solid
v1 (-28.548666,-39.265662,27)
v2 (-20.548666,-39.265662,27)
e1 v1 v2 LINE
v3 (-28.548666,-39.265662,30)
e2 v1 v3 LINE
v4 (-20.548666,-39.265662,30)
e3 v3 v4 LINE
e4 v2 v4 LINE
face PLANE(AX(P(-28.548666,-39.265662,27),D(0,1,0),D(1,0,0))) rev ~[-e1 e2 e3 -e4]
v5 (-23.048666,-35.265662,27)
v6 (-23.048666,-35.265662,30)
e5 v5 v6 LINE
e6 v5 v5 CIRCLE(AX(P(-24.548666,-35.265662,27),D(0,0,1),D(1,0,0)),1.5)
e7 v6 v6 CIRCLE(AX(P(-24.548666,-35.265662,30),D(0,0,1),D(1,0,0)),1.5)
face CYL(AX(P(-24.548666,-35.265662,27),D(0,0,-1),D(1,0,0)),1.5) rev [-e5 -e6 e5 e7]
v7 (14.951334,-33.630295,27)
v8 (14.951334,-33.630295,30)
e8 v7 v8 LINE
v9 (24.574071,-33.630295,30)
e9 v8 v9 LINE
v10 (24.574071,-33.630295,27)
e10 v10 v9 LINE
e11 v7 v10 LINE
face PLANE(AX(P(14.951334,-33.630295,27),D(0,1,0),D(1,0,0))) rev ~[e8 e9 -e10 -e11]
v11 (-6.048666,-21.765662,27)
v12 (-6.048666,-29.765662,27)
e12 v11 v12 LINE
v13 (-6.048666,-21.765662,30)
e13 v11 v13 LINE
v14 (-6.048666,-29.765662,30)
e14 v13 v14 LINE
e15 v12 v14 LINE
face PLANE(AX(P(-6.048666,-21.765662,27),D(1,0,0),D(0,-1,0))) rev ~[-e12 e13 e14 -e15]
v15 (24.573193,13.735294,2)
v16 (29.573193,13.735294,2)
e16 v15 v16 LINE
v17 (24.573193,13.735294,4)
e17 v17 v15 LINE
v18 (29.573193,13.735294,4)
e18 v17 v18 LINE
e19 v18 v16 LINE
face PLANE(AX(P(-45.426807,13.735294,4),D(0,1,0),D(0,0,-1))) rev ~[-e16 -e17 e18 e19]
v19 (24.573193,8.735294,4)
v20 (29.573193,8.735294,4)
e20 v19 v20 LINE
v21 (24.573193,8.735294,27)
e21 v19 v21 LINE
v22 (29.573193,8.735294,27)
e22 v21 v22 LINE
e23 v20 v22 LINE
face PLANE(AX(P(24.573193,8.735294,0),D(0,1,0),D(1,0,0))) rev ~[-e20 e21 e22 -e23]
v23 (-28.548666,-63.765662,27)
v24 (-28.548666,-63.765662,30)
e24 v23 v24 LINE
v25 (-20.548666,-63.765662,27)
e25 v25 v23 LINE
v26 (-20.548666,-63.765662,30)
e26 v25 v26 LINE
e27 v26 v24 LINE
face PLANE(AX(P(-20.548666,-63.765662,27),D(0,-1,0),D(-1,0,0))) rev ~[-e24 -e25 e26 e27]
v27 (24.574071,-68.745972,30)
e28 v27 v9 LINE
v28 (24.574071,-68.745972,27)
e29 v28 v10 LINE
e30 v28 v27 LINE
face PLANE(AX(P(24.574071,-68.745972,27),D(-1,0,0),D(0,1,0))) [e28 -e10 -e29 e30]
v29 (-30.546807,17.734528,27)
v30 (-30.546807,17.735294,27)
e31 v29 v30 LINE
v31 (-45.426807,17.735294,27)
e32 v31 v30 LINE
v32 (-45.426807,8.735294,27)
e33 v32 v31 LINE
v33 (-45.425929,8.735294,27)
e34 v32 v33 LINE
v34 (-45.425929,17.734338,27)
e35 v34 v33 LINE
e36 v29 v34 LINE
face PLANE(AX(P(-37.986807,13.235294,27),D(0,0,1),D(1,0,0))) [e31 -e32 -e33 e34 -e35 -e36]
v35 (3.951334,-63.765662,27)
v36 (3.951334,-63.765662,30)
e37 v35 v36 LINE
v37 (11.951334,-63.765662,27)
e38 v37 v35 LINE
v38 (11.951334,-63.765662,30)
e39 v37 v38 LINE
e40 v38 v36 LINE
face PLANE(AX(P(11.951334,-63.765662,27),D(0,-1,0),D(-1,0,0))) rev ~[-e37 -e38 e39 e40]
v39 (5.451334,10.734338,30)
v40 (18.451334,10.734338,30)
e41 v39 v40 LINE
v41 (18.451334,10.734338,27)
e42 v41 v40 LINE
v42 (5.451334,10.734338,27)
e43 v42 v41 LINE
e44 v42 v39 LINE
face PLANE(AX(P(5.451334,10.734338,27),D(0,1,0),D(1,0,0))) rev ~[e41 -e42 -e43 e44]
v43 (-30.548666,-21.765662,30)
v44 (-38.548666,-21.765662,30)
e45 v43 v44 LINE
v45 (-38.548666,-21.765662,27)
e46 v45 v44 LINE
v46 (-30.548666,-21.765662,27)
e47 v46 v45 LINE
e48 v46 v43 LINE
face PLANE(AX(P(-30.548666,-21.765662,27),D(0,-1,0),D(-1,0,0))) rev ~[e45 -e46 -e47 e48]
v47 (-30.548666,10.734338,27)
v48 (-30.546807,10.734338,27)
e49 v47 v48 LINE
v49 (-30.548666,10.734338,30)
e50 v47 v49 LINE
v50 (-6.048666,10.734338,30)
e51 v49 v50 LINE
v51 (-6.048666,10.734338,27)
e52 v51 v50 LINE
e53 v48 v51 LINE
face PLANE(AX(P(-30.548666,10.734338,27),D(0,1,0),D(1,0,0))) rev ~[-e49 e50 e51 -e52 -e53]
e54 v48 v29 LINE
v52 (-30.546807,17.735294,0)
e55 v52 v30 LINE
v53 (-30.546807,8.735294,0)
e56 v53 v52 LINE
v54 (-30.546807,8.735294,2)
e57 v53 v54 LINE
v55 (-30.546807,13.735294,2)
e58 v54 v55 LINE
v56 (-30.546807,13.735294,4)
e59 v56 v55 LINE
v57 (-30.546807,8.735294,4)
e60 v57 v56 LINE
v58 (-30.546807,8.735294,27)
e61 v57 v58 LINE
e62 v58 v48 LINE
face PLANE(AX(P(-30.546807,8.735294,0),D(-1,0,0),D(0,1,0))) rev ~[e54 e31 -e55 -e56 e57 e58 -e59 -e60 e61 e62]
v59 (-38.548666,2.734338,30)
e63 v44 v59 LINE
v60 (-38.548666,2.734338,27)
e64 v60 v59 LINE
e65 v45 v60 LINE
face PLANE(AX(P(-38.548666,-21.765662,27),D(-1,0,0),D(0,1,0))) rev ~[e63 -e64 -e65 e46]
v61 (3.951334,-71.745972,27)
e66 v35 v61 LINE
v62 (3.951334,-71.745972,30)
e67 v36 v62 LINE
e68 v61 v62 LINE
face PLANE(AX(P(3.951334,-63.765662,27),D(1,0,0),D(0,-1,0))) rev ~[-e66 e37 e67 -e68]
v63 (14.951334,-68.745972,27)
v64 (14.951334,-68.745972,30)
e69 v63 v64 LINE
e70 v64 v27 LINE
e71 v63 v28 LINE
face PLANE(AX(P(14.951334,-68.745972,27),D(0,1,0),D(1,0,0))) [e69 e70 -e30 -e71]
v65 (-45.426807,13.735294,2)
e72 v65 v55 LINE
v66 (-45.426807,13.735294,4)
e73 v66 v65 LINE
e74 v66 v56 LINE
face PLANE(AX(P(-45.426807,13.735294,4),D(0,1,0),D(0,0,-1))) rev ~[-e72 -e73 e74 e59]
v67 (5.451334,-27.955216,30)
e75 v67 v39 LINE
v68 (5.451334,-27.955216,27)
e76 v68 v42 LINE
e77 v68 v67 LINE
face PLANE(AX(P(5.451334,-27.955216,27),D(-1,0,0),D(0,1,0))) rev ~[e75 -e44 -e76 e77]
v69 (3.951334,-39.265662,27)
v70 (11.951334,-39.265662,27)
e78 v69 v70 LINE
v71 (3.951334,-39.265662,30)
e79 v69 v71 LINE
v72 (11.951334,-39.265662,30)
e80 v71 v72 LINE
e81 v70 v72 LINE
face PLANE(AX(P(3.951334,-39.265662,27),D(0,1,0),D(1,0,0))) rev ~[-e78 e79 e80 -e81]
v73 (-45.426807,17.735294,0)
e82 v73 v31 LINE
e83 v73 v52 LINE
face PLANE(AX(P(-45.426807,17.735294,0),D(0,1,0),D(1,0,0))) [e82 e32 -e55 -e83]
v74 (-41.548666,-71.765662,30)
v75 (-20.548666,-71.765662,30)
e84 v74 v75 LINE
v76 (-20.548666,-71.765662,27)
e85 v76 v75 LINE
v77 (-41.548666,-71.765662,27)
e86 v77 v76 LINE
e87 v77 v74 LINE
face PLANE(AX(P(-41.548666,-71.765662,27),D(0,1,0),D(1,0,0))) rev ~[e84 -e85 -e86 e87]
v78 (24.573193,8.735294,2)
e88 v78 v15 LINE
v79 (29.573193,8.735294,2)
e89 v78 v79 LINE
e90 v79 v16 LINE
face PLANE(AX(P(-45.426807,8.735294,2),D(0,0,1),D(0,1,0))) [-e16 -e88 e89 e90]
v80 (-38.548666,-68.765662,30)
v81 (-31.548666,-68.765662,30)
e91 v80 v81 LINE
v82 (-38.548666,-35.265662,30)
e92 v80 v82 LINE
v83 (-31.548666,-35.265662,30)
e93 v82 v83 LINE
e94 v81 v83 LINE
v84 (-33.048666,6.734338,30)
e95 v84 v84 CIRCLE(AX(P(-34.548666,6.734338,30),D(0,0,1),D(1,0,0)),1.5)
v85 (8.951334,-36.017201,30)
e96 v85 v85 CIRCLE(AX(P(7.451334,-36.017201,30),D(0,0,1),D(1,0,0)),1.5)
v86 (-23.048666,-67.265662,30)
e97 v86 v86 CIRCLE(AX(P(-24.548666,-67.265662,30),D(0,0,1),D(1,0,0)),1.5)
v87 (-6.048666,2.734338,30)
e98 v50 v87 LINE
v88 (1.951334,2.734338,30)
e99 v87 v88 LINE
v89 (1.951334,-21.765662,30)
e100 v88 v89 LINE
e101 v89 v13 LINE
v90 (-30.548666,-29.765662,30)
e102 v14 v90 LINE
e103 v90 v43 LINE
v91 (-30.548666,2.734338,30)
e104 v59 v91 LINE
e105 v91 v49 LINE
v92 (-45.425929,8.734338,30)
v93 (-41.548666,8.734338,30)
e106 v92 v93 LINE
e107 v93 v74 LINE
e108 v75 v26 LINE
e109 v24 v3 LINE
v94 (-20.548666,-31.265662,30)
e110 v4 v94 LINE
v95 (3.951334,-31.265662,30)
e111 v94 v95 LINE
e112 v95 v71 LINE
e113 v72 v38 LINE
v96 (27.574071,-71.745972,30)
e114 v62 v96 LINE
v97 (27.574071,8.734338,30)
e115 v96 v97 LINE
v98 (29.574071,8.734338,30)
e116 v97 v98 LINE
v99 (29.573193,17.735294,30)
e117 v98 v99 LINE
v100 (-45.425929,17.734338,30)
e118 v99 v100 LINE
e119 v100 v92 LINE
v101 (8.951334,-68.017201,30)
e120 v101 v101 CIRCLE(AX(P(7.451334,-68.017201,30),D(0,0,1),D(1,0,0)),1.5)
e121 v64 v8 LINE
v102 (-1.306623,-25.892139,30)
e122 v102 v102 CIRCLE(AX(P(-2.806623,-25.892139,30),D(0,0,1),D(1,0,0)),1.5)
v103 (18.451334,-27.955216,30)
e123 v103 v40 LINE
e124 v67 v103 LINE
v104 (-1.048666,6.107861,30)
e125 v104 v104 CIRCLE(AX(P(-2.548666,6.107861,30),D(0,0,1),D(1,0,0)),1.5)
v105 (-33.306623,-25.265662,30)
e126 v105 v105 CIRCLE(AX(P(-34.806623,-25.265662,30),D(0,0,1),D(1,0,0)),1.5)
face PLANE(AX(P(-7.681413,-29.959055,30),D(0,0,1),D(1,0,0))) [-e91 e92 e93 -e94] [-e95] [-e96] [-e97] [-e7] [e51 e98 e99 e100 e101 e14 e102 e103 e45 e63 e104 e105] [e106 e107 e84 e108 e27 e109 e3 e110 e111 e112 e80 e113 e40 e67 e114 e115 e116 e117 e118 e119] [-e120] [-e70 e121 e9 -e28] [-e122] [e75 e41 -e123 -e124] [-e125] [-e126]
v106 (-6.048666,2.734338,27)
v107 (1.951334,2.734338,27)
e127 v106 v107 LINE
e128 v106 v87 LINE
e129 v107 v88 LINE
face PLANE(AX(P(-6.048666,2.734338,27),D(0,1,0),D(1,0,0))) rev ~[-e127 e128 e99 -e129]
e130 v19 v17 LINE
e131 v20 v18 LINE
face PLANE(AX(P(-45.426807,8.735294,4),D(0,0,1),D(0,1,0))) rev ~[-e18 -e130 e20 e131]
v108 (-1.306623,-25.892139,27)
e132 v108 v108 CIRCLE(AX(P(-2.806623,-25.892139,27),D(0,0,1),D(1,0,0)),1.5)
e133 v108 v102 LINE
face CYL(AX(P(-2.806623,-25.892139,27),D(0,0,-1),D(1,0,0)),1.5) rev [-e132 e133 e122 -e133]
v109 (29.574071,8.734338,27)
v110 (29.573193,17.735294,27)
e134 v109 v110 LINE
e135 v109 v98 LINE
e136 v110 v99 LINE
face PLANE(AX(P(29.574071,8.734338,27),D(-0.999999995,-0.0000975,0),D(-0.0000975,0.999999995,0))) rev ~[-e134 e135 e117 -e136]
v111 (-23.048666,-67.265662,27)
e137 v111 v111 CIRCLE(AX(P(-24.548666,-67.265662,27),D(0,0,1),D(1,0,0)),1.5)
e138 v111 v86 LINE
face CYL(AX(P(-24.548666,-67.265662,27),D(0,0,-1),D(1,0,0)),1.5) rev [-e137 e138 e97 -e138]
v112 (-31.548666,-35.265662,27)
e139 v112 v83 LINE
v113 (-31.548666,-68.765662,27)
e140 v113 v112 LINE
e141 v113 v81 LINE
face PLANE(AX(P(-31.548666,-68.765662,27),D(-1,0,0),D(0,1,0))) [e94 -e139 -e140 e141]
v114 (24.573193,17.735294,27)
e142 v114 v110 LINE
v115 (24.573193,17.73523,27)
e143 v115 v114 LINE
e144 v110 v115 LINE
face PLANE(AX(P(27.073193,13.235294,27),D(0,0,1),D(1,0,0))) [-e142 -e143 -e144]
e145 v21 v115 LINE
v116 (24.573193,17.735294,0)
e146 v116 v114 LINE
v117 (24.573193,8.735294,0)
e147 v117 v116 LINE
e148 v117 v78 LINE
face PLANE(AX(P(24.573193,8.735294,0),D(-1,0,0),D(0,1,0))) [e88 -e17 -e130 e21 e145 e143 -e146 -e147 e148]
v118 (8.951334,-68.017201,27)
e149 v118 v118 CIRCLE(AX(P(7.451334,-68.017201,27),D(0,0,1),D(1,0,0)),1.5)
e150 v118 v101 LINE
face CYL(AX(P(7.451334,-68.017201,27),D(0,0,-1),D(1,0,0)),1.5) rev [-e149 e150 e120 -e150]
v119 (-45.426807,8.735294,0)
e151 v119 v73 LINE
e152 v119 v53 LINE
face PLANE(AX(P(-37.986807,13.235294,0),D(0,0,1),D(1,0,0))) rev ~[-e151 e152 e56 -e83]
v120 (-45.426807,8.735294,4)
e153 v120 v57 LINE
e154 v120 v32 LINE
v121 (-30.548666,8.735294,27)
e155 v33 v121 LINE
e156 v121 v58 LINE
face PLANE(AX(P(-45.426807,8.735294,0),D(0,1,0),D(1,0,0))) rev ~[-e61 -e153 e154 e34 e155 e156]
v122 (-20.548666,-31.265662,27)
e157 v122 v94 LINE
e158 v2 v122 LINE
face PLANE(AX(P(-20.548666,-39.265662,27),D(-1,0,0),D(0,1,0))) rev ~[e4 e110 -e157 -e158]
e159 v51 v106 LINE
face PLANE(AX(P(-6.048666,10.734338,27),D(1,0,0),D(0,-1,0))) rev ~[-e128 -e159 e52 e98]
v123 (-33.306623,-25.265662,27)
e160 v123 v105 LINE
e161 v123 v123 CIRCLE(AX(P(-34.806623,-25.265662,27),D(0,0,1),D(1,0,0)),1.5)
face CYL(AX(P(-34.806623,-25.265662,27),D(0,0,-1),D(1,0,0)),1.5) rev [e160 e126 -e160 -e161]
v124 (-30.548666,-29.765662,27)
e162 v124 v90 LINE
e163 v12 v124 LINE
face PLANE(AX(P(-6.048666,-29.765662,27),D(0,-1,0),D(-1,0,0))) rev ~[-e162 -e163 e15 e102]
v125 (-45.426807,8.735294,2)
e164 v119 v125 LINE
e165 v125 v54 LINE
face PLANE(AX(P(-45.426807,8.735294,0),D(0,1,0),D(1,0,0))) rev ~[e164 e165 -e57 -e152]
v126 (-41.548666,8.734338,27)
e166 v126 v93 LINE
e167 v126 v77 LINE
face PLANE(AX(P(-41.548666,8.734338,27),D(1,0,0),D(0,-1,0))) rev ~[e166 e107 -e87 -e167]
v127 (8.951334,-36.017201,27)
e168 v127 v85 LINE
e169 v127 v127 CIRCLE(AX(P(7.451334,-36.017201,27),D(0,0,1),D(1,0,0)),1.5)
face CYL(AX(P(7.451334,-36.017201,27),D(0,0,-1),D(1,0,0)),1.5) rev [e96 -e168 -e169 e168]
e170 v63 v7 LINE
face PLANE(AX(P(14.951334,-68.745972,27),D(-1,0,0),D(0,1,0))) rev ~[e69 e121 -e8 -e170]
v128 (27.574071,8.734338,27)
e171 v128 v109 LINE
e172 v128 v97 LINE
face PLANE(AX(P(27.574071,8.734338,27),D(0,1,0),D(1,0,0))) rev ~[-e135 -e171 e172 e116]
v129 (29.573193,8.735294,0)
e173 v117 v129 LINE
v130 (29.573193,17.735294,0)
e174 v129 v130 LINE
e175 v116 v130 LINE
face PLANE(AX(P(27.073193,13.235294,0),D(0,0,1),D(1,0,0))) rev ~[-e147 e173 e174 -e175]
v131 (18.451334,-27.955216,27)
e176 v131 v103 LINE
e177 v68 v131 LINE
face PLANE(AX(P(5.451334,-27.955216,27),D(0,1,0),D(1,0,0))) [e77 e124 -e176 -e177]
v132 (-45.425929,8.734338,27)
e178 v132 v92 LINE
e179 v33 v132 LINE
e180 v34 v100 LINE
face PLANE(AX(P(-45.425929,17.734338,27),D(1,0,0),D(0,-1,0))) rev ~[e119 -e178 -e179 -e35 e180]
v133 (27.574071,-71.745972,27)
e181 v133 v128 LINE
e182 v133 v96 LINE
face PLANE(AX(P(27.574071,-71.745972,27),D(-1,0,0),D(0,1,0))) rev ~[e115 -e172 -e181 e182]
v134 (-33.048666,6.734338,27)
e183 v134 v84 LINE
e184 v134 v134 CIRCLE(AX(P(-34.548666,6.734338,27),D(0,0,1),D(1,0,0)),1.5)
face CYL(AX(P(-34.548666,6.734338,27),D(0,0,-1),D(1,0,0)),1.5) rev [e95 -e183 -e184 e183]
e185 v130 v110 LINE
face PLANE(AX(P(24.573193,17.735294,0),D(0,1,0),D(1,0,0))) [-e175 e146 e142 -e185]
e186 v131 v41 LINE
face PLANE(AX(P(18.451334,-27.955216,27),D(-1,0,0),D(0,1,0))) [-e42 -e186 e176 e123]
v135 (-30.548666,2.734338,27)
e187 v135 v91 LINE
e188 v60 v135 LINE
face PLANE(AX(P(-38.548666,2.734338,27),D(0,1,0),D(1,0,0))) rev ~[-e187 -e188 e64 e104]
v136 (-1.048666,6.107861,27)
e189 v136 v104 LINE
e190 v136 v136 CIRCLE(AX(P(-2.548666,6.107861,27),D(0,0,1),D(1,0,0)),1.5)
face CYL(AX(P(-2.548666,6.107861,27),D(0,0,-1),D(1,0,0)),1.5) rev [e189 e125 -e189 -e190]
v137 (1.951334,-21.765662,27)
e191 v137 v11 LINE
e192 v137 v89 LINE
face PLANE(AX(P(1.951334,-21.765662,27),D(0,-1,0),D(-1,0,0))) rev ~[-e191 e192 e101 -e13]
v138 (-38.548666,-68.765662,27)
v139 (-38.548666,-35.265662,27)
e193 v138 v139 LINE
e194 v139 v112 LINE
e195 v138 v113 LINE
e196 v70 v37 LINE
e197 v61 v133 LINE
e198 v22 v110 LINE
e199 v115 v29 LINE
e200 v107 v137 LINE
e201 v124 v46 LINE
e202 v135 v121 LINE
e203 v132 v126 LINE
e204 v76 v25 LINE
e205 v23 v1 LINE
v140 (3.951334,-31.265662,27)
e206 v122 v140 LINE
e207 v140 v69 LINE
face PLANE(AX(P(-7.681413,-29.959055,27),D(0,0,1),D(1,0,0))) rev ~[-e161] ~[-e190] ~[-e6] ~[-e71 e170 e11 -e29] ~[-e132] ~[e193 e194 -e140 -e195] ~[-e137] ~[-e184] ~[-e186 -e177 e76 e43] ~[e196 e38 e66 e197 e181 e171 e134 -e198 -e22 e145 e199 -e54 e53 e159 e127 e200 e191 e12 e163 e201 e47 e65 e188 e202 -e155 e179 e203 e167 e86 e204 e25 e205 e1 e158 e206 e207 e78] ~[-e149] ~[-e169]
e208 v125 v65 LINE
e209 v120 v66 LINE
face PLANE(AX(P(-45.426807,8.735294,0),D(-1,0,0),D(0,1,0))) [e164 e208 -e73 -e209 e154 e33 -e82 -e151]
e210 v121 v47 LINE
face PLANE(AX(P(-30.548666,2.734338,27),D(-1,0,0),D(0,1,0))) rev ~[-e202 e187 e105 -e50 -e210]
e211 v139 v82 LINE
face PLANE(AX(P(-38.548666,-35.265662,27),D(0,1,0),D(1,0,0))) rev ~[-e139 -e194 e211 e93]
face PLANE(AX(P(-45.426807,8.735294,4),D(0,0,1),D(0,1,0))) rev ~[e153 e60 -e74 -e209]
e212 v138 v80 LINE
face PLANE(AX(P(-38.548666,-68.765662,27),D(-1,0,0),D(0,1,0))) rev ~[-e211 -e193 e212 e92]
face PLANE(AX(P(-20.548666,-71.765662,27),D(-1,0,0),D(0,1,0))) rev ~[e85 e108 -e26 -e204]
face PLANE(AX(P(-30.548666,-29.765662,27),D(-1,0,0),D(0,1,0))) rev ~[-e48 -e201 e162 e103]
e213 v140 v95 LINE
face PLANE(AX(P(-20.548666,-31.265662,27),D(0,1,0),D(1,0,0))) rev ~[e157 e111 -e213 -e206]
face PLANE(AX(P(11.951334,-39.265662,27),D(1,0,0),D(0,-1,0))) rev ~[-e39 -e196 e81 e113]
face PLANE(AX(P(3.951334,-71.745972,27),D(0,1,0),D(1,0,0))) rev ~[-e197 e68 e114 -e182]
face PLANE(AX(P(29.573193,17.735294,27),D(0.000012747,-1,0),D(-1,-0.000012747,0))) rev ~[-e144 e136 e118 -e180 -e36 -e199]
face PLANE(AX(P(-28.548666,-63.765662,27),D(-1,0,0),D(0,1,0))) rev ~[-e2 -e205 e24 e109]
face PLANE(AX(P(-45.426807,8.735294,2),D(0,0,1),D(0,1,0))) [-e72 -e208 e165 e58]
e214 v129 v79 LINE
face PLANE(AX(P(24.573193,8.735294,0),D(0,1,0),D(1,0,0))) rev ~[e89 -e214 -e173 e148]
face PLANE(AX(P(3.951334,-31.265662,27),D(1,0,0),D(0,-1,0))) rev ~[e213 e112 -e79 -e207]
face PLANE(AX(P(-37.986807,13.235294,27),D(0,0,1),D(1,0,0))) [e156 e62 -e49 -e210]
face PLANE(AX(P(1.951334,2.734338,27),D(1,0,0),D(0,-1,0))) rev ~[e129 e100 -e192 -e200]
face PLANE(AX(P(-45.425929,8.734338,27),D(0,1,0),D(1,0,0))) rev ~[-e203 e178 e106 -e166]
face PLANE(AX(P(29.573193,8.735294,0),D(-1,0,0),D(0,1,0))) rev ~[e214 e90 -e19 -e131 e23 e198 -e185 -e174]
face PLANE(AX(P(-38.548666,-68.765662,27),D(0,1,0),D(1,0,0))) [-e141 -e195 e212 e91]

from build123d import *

# Parameters (mm, degrees)
CROQUIS1_W                = 5
CROQUIS1_H                = 9
SALIENTE_EXTRUIR1_DEPTH   = 27
CROQUIS1_W_2              = 14.88
SALIENTE_EXTRUIR1_2_DEPTH = 27
CROQUIS2_R                = 1.5
CROQUIS2_W                = 9.622736673
CROQUIS2_H                = 35.115677267
CROQUIS2_W_2              = 7
CROQUIS2_H_2              = 33.5
CROQUIS2_W_3              = 13
CROQUIS2_H_3              = 38.689553843
SALIENTE_EXTRUIR2_DEPTH   = 3
CORTAR_EXTRUIR1_START     = -75
CROQUIS3_W                = 2
CROQUIS3_H                = 5
CORTAR_EXTRUIR1_DEPTH     = 75


with BuildPart() as part:
    # Croquis1 → Saliente-Extruir1 (new body)
    with BuildSketch(Plane.XY):
        with Locations((27.073193316, 13.235294118)):
            Rectangle(CROQUIS1_W, CROQUIS1_H)
    extrude(amount=SALIENTE_EXTRUIR1_DEPTH)



with BuildPart() as body_2:
    # Croquis1 → Saliente-Extruir1 2 (new body)
    with BuildSketch(Plane.XY):
        with Locations((-37.986806684, 13.235294118)):
            Rectangle(CROQUIS1_W_2, CROQUIS1_H)
    extrude(amount=SALIENTE_EXTRUIR1_2_DEPTH)


with BuildPart() as part_1:
    add(part.part)

    add(body_2.part)  # Saliente-Extruir2 merges body 2
    # Croquis2 → Saliente-Extruir2 (add)
    with BuildSketch(Plane.XY.offset(27)):
        Polygon((-45.425929091, 8.73433808), (-41.548665764, 8.73433808), (-41.548665764, -71.76566192), (-28.548665764, -71.76566192), (-20.548665764, -71.76566192), (-20.548665764, -63.76566192), (-28.548665764, -63.76566192), (-28.548665764, -39.26566192), (-20.548665764, -39.26566192), (-20.548665764, -31.26566192), (3.951334236, -31.26566192), (3.951334236, -39.26566192), (11.951334236, -39.26566192), (11.951334236, -63.76566192), (3.951334236, -63.76566192), (3.951334236, -71.745971947), (15.951334236, -71.745971947), (27.574070909, -71.745971947), (27.574070909, 8.73433808), (29.574070909, 8.73433808), (29.573193316, 17.735294118), (-45.425929091, 17.73433808), align=None)
        with Locations((-24.548665764, -35.26566192)):
            Circle(CROQUIS2_R, mode=Mode.SUBTRACT)
        with Locations((7.451334236, -36.017200949)):
            Circle(CROQUIS2_R, mode=Mode.SUBTRACT)
        with Locations((-24.548665764, -67.26566192)):
            Circle(CROQUIS2_R, mode=Mode.SUBTRACT)
        with Locations((7.451334236, -68.017200949)):
            Circle(CROQUIS2_R, mode=Mode.SUBTRACT)
        with Locations((-34.548665764, 6.73433808)):
            Circle(CROQUIS2_R, mode=Mode.SUBTRACT)
        with Locations((-34.806623414, -25.26566192)):
            Circle(CROQUIS2_R, mode=Mode.SUBTRACT)
        with Locations((-2.806623414, -25.892139455)):
            Circle(CROQUIS2_R, mode=Mode.SUBTRACT)
        with Locations((-2.548665764, 6.107860545)):
            Circle(CROQUIS2_R, mode=Mode.SUBTRACT)
        Polygon((-30.548665764, -29.76566192), (-30.548665764, -21.76566192), (-38.548665764, -21.76566192), (-38.548665764, 2.73433808), (-30.548665764, 2.73433808), (-30.548665764, 10.73433808), (-6.048665764, 10.73433808), (-6.048665764, 2.73433808), (1.951334236, 2.73433808), (1.951334236, -21.76566192), (-6.048665764, -21.76566192), (-6.048665764, -29.76566192), align=None, mode=Mode.SUBTRACT)
        with Locations((19.762702573, -51.188133314)):
            Rectangle(CROQUIS2_W, CROQUIS2_H, mode=Mode.SUBTRACT)
        with Locations((-35.048665764, -52.01566192)):
            Rectangle(CROQUIS2_W_2, CROQUIS2_H_2, mode=Mode.SUBTRACT)
        with Locations((11.951334236, -8.610438842)):
            Rectangle(CROQUIS2_W_3, CROQUIS2_H_3, mode=Mode.SUBTRACT)
    extrude(amount=SALIENTE_EXTRUIR2_DEPTH)

    # Croquis3 → Cortar-Extruir1 (cut)
    with BuildSketch(Plane(origin=(29.573193316, 0, 0), x_dir=(0, 0, -1), z_dir=(1, 0, 0)).offset(CORTAR_EXTRUIR1_START)):
        with Locations((-3, 11.235294118)):
            Rectangle(CROQUIS3_W, CROQUIS3_H)
    extrude(amount=CORTAR_EXTRUIR1_DEPTH, mode=Mode.SUBTRACT)


solid = part_1.part
